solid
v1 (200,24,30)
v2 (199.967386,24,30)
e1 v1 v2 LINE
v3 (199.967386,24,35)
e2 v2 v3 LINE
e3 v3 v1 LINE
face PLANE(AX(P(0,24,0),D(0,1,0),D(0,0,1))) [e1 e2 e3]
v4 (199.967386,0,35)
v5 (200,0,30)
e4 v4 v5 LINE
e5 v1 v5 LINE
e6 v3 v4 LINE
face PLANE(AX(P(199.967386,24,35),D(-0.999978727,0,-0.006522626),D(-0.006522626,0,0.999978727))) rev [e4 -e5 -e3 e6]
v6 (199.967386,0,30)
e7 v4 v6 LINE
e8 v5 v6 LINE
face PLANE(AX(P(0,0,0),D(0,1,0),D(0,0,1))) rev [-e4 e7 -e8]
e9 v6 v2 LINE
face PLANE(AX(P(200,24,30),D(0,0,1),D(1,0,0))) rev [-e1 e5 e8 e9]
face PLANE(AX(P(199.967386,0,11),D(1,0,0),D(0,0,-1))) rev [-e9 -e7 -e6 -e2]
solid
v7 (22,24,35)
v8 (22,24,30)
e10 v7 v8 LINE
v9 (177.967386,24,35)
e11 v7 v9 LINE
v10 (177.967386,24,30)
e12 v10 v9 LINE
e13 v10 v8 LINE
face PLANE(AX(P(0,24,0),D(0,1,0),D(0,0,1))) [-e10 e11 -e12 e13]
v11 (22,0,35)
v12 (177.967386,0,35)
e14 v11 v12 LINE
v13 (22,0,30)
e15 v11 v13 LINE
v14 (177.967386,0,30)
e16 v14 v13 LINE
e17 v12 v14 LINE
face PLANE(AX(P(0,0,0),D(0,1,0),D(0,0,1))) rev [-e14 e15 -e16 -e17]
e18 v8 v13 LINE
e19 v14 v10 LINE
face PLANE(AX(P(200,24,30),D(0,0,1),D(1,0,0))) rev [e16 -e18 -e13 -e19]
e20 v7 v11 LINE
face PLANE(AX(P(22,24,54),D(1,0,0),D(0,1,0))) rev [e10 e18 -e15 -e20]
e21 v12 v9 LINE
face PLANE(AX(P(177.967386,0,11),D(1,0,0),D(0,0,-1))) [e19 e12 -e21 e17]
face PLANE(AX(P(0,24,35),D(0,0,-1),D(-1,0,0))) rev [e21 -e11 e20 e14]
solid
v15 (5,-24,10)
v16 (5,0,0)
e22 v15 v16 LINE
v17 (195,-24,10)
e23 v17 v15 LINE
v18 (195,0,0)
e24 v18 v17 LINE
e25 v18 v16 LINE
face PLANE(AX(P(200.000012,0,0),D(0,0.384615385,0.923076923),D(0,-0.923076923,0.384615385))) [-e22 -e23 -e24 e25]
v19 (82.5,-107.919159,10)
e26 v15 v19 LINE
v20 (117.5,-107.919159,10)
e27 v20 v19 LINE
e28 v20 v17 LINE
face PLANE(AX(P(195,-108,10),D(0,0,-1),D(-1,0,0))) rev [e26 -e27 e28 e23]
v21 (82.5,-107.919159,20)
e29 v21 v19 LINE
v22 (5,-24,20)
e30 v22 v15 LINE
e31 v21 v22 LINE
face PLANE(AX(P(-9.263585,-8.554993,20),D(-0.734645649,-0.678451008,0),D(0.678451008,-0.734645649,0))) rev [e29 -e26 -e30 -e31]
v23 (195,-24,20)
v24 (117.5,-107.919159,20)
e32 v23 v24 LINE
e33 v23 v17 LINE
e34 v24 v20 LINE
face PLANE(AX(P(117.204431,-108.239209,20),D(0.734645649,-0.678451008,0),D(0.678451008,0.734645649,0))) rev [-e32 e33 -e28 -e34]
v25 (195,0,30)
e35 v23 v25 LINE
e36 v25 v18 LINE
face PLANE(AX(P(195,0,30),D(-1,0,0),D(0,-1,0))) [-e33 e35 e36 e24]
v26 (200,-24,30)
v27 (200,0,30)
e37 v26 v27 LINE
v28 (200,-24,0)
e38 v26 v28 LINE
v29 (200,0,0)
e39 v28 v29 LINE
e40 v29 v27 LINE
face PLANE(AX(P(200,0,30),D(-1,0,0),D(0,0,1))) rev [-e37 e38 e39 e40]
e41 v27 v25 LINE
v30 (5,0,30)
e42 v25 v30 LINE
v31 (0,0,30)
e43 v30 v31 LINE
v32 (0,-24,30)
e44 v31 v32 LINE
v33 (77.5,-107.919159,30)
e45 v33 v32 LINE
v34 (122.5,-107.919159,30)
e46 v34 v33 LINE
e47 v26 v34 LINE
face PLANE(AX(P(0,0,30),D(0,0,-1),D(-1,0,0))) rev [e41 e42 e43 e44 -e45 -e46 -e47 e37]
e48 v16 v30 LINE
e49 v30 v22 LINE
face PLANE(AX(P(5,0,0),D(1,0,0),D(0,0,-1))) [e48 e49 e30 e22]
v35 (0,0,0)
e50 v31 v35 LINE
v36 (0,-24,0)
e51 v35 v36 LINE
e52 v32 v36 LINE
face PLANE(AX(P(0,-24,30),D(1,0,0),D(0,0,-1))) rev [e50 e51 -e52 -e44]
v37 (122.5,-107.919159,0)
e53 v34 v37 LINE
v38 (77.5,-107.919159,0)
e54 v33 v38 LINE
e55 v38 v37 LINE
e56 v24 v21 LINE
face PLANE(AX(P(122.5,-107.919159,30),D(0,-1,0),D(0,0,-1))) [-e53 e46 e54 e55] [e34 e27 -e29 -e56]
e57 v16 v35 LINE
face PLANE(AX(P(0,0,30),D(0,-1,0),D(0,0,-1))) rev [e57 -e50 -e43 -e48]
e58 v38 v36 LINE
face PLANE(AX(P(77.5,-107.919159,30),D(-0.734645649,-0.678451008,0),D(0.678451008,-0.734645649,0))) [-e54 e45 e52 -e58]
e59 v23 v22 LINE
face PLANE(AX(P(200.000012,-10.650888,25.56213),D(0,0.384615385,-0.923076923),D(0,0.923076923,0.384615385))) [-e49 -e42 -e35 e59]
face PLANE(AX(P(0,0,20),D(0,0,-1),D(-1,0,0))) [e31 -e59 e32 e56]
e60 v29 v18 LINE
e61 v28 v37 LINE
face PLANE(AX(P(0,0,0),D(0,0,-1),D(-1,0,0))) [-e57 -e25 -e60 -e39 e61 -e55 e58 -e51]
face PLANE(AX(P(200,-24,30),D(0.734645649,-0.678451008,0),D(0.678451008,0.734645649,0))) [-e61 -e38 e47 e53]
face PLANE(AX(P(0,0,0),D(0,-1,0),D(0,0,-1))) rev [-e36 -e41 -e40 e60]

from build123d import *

# Parameters (mm, degrees)
SKETCH1_W               = 200
SKETCH1_H               = 24
BOSS_EXTRUDE1_DEPTH     = 30
CUT_EXTRUDE1_DEPTH      = 204.656573672
CUT_EXTRUDE1_DEPTH_BACK = 195
SKETCH3_W               = 5
SKETCH3_H               = 30
BOSS_EXTRUDE2_DEPTH     = 24
BOSS_EXTRUDE3_DEPTH     = 24
SKETCH10_W              = 22
SKETCH10_H              = 24
CUT_EXTRUDE8_DEPTH      = 24
SKETCH12_W              = 22
SKETCH12_H              = 24
CUT_EXTRUDE9_DEPTH      = 24
BOSS_EXTRUDE4_DEPTH     = 30
CUT_EXTRUDE13_DEPTH     = 20
SKETCH16_W              = 190
SKETCH16_H              = 10
BOSS_EXTRUDE5_DEPTH     = 84
CUT_EXTRUDE15_DEPTH     = 84
CUT_EXTRUDE16_DEPTH     = 84
CUT_EXTRUDE17_DEPTH     = 84


with BuildPart() as part:
    # Sketch1 → Boss-Extrude1 (new body)
    with BuildSketch(Plane.XY):
        with Locations((100, -12)):
            Rectangle(SKETCH1_W, SKETCH1_H)
    extrude(amount=BOSS_EXTRUDE1_DEPTH)

    # Sketch2 → Cut-Extrude1 (cut, two sides: drawn at the far end of the back side and taken through both)
    with BuildSketch(Plane(origin=(200, 0, 0), x_dir=(0, 0, -1), z_dir=(1, 0, 0)).offset(-CUT_EXTRUDE1_DEPTH_BACK)):
        Polygon((0, 0), (-30, 0), (-20, -24), (-10, -24), align=None)
    extrude(amount=CUT_EXTRUDE1_DEPTH + CUT_EXTRUDE1_DEPTH_BACK, mode=Mode.SUBTRACT)

    # Sketch3 → Boss-Extrude2 (add)
    with BuildSketch(Plane(origin=(0, -24, 0), x_dir=(-1, 0, 0), z_dir=(0, -1, 0))):
        with Locations((-197.5, -15)):
            Rectangle(SKETCH3_W, SKETCH3_H)
    extrude(amount=-BOSS_EXTRUDE2_DEPTH)

    # Sketch13 → Boss-Extrude4 (add)
    with BuildSketch(Plane(origin=(0, 0, 0), x_dir=(-1, 0, 0), z_dir=(0, 0, -1))):
        Polygon((-200, -24), (-122.5, -107.919158747), (-77.5, -107.919158747), (0, -24), (-100, -24), align=None)
    extrude(amount=-BOSS_EXTRUDE4_DEPTH)

    # Sketch15 → Cut-Extrude13 (cut)
    with BuildSketch(Plane(origin=(0, 0, 0), x_dir=(-1, 0, 0), z_dir=(0, 0, -1))):
        Polygon((-5, -24), (-195, -24), (-117.5, -107.919158747), (-82.5, -107.919158747), align=None)
    extrude(amount=-CUT_EXTRUDE13_DEPTH, mode=Mode.SUBTRACT)

    # Sketch16 → Boss-Extrude5 (add)
    with BuildSketch(Plane.XZ.offset(24)):
        with Locations((100, 5)):
            Rectangle(SKETCH16_W, SKETCH16_H)
    extrude(amount=BOSS_EXTRUDE5_DEPTH)

    # Sketch17 → Cut-Extrude15 (cut)
    with BuildSketch(Plane.XY.offset(10)):
        Polygon((5, -29.414139274), (77.5, -107.919158747), (77.5, -132.289911092), (5, -132.289911092), (5, -108), align=None)
    extrude(amount=-CUT_EXTRUDE15_DEPTH, mode=Mode.SUBTRACT)

    # Sketch18 → Cut-Extrude16 (cut)
    with BuildSketch(Plane.XY.offset(10)):
        Polygon((195, -29.414139274), (122.5, -107.919158747), (122.856459542, -124.209438819), (195, -124.209438819), align=None)
    extrude(amount=-CUT_EXTRUDE16_DEPTH, mode=Mode.SUBTRACT)

    # Sketch19 → Cut-Extrude17 (cut)
    with BuildSketch(Plane.XY.offset(10)):
        Polygon((82.5, -107.919158747), (77.5, -107.919158747), (77.5, -108), (122.501768947, -108), (122.5, -107.919158747), (117.5, -107.919158747), align=None)
    extrude(amount=-CUT_EXTRUDE17_DEPTH, mode=Mode.SUBTRACT)


with BuildPart() as body_2:
    # Sketch5 → Boss-Extrude3 (new body)
    with BuildSketch(Plane(origin=(0, 0, 0), x_dir=(1, 0, 0), z_dir=(0, 1, 0))):
        Polygon((0, -30), (0, -35), (199.967386175, -35), (200, -30), align=None)
    extrude(amount=BOSS_EXTRUDE3_DEPTH)

    # Sketch10 → Cut-Extrude8 (cut)
    with BuildSketch(Plane.XY.offset(35)):
        with Locations((188.967386175, 12)):
            Rectangle(SKETCH10_W, SKETCH10_H)
    extrude(amount=-CUT_EXTRUDE8_DEPTH, mode=Mode.SUBTRACT)


with BuildPart() as cut_extrude8_piece_1:
    # of the separate pieces the step leaves, piece 1, a body of its own (cut_extrude8_pieces)
    add(body_2.part.solids().sort_by_distance((0, 0, 30))[0])

    # Sketch12 → Cut-Extrude9 (cut)
    with BuildSketch(Plane(origin=(0, 0, 30), x_dir=(-1, 0, 0), z_dir=(0, 0, -1))):
        with Locations((-11, 12)):
            Rectangle(SKETCH12_W, SKETCH12_H)
    extrude(amount=-CUT_EXTRUDE9_DEPTH, mode=Mode.SUBTRACT)


with BuildPart() as cut_extrude8_piece_2:
    # of the separate pieces the step leaves, piece 2, a body of its own (cut_extrude8_pieces)
    add(body_2.part.solids().sort_by_distance((200, 0, 30))[0])


solid = Compound([part.part, cut_extrude8_piece_1.part, cut_extrude8_piece_2.part])
